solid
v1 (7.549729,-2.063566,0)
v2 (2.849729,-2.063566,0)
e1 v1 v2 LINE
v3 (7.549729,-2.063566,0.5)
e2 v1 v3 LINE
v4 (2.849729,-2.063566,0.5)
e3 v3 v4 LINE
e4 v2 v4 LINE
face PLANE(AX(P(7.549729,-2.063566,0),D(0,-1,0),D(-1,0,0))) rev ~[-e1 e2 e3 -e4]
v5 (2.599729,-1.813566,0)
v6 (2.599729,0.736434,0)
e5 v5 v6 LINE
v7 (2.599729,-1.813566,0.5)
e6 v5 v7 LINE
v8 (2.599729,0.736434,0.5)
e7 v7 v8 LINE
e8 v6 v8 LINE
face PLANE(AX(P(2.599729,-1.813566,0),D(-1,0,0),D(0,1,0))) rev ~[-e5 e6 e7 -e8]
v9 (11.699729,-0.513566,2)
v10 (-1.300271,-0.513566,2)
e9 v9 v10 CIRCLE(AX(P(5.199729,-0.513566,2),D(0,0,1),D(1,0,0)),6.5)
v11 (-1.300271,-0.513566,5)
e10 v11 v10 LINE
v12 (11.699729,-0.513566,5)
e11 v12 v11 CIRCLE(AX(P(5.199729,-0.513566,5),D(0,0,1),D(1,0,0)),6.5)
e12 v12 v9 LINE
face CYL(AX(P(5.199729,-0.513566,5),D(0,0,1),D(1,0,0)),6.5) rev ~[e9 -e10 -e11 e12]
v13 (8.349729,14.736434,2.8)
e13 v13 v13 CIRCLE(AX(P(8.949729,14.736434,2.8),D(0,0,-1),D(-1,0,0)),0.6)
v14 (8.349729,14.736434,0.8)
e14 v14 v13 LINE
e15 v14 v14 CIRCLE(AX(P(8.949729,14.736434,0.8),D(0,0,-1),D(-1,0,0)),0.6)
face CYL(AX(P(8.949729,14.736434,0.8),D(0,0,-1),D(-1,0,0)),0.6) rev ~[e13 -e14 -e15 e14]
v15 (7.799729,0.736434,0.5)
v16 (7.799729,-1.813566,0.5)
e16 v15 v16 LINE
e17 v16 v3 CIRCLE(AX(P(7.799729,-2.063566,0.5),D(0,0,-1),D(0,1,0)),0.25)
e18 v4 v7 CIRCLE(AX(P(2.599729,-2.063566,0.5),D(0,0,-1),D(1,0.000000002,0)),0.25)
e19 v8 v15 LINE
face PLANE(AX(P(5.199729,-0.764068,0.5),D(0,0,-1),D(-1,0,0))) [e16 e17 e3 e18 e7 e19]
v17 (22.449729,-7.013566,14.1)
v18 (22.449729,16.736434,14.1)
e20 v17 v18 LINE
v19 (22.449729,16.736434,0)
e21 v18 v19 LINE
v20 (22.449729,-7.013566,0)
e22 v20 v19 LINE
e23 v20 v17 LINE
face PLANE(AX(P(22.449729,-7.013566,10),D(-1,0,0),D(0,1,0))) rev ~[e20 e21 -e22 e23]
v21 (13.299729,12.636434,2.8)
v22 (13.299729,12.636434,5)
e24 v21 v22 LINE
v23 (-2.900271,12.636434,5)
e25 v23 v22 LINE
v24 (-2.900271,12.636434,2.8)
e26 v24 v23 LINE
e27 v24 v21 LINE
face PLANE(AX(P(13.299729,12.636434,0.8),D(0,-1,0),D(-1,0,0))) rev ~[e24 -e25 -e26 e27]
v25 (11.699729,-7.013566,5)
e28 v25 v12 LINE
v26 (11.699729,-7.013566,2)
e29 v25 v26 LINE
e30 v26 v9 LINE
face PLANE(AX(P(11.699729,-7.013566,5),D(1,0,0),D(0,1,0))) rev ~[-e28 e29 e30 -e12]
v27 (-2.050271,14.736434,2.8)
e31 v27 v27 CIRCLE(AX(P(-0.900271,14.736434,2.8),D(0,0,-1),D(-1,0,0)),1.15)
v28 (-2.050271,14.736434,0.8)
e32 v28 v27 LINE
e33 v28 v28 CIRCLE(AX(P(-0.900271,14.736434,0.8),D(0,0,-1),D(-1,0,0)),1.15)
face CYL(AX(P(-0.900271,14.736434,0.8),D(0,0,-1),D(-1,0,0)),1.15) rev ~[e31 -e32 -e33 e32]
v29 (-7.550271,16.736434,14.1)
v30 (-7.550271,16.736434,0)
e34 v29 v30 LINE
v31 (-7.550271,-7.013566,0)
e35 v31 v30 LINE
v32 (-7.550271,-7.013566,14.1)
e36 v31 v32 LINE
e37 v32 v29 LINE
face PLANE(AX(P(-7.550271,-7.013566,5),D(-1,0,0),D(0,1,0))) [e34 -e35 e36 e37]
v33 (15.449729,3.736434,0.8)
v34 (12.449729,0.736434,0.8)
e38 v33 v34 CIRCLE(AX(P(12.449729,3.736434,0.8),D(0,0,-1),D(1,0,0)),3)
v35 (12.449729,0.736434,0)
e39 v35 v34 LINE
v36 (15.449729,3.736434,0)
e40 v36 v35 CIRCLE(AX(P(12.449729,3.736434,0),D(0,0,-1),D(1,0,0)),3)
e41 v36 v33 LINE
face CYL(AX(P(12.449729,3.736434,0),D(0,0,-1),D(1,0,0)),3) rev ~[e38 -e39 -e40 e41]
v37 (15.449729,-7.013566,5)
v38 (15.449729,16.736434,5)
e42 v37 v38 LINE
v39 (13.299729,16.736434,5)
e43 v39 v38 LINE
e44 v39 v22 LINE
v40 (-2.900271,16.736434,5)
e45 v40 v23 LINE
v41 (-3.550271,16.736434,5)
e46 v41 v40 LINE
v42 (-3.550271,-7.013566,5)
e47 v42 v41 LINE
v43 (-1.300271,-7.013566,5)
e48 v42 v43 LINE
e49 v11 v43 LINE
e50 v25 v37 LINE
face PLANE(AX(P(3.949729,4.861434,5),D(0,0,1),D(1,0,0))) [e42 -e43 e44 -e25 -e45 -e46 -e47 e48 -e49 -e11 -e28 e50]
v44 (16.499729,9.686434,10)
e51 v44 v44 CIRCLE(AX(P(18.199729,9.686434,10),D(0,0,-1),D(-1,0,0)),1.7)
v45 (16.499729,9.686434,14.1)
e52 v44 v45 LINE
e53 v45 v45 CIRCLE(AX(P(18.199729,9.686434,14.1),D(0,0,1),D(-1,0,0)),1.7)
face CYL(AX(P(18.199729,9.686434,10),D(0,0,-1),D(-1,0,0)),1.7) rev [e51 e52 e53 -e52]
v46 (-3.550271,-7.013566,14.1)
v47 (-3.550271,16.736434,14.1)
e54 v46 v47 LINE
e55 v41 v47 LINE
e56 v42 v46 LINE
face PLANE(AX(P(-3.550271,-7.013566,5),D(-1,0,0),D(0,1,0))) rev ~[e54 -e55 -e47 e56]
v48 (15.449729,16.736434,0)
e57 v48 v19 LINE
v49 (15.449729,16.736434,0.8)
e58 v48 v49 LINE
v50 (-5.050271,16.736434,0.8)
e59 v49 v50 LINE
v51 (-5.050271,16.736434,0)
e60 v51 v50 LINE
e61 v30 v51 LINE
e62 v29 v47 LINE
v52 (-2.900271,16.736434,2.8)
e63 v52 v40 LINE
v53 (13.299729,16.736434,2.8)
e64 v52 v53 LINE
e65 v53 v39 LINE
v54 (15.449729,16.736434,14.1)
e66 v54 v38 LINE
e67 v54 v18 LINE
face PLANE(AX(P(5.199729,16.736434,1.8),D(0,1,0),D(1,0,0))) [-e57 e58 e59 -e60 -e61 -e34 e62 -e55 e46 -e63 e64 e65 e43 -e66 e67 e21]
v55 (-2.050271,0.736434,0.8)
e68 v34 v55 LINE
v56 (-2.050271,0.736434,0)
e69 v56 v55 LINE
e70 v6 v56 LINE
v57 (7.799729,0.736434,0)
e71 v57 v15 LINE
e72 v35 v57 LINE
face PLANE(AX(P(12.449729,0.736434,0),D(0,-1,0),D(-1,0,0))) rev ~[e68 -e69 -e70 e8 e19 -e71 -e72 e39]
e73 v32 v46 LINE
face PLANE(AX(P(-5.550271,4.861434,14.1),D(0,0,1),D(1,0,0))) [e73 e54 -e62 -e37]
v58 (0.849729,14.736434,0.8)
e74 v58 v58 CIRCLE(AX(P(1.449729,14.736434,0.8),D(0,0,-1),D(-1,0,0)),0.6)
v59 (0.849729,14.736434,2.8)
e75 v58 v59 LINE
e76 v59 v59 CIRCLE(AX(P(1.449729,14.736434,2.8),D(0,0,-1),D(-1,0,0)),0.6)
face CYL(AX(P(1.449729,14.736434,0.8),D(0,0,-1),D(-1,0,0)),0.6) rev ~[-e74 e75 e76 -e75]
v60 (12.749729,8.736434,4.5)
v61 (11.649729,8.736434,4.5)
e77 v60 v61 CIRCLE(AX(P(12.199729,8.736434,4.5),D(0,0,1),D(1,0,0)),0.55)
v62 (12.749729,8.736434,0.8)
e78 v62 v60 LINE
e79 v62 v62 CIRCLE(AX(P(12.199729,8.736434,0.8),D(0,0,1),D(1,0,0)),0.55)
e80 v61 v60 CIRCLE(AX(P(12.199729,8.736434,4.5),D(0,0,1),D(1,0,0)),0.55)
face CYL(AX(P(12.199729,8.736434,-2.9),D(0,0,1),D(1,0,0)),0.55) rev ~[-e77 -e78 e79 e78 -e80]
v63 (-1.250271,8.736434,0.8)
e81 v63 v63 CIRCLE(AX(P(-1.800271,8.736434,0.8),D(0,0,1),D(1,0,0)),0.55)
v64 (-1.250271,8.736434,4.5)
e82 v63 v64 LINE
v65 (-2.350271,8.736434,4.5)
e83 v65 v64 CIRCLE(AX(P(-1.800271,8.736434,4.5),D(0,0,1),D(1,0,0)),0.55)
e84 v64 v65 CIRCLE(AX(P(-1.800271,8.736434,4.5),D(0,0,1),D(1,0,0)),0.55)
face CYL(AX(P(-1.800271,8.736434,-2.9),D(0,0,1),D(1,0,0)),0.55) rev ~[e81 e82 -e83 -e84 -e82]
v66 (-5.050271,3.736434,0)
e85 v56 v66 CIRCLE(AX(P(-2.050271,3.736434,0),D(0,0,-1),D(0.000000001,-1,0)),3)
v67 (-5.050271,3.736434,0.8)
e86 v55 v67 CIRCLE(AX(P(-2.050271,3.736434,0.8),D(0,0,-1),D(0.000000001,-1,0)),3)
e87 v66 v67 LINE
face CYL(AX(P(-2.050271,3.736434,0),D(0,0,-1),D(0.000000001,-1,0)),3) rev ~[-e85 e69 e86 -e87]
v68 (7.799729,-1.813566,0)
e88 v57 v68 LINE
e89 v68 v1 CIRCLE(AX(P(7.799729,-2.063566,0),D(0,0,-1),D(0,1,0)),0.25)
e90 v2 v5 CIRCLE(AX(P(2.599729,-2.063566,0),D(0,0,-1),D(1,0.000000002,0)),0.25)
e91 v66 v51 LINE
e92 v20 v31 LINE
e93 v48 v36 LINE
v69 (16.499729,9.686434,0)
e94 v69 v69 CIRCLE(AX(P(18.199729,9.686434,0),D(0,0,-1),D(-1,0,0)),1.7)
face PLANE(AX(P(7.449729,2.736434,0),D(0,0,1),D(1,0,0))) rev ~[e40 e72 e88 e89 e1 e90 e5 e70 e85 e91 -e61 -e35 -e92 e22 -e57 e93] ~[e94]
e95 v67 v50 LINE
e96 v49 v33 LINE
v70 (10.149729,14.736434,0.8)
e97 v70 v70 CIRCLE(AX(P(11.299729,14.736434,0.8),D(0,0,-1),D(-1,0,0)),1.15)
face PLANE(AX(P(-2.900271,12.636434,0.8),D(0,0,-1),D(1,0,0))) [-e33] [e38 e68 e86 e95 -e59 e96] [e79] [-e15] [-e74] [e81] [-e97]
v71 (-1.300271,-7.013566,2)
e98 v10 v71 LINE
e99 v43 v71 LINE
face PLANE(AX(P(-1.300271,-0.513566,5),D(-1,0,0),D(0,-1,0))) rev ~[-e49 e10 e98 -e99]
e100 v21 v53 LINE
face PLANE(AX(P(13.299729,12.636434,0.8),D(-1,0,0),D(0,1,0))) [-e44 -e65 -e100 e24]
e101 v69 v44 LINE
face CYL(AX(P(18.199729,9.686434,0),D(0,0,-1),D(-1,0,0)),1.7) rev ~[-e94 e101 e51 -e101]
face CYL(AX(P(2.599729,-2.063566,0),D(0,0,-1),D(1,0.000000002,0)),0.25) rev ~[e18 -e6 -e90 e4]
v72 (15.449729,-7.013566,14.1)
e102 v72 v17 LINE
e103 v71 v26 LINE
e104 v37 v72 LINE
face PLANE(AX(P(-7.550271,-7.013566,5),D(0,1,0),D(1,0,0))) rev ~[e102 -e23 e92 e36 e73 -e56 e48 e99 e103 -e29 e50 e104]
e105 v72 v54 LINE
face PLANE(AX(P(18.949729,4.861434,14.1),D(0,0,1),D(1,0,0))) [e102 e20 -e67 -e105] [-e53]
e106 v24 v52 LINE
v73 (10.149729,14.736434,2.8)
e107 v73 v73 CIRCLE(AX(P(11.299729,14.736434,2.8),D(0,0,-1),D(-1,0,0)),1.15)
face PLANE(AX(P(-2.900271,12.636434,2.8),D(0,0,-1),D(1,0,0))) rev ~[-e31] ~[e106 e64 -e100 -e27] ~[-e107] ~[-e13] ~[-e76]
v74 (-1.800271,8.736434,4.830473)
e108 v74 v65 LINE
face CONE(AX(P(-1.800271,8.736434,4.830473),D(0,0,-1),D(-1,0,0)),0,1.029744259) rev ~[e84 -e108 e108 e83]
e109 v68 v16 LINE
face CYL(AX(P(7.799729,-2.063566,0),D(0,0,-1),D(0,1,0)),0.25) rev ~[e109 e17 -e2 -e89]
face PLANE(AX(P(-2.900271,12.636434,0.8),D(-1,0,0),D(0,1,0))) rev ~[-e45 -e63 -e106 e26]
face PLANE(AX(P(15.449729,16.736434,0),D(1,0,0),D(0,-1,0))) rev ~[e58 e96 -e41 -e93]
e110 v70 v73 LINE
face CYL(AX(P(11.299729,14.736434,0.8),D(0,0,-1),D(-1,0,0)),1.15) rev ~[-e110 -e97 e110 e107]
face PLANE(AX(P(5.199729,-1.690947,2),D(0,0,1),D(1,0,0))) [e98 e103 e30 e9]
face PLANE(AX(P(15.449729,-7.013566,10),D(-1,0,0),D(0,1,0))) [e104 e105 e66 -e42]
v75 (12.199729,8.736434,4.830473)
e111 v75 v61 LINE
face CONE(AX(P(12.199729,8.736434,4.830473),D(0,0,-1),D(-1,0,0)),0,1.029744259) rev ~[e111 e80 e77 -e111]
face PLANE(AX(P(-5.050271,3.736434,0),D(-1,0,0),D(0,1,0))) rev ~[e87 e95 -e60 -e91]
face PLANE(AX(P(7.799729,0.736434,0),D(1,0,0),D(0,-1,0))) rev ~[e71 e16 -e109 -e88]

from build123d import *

# Parameters (mm, degrees)
SKETCH_1_W           = 30
SKETCH_1_H           = 28
EXTRUDE_1_DEPTH      = 10
CUT_EXTRUDE_2_DEPTH  = 0.8
M1_4X0_3_2_D         = 1.1
M1_4X0_3_2_DEPTH     = 3.7
M1_4X0_3_2_TIP       = 0.33047334
CUT_EXTRUDE_4_DEPTH  = 0.5
SKETCH_12_W          = 30
SKETCH_12_H          = 4.25
CUT_EXTRUDE_5_DEPTH  = 10
SKETCH_13_R          = 1.7
CUT_EXTRUDE_6_DEPTH  = 10
SKETCH_14_W          = 23
SKETCH_14_H          = 23.75
CUT_EXTRUDE_7_DEPTH  = 5
CUT_EXTRUDE_9_DEPTH  = 3
SKETCH_20_W          = 7
SKETCH_20_H          = 23.75
SKETCH_20_R          = 1.7
EXTRUDE_3_DEPTH      = 4.1
SKETCH_23_W          = 4
SKETCH_23_H          = 23.75
EXTRUDE_4_DEPTH      = 9.1
SKETCH_24_W          = 16.2
SKETCH_24_H          = 4.1
CUT_EXTRUDE_10_DEPTH = 5
SKETCH_29_W          = 16.2
SKETCH_29_H          = 2
EXTRUDE_5_DEPTH      = 4.1
SKETCH_30_R          = 1.15
SKETCH_30_R_2        = 0.6
CUT_EXTRUDE_12_DEPTH = 5


with BuildPart() as part:
    # 草图1 → 凸台-拉伸1 (new body)
    with BuildSketch(Plane.XY):
        with Locations((7.449728974, 2.736434109)):
            Rectangle(SKETCH_1_W, SKETCH_1_H)
    extrude(amount=EXTRUDE_1_DEPTH)

    # 草图2 → 切除-拉伸2 (cut)
    with BuildSketch(Plane(origin=(0, 0, 0), x_dir=(-1, 0, 0), z_dir=(0, 0, -1))):
        with BuildLine():
            Line((5.050271026, 16.736434109), (-15.449728974, 16.736434109))
            Line((-15.449728974, 16.736434109), (-15.449728974, 3.736434109))
            ThreePointArc((-15.449728974, 3.736434109), (-14.571049317, 1.615113765), (-12.449728974, 0.736434109))
            Line((-12.449728974, 0.736434109), (2.050271026, 0.736434109))
            ThreePointArc((2.050271026, 0.736434109), (4.17159137, 1.615113765), (5.050271026, 3.736434109))
            Line((5.050271026, 3.736434109), (5.050271026, 16.736434109))
        make_face()
    extrude(amount=-CUT_EXTRUDE_2_DEPTH, mode=Mode.SUBTRACT)

    # M1.4x0.3 螺纹孔2
    with Locations(Plane(origin=(0, 0, 0.8), x_dir=(-1, 0, 0), z_dir=(0, 0, -1))):
        with Locations((-12.199728974, 8.736434109), (1.800271026, 8.736434109)):
            Hole(M1_4X0_3_2_D / 2, depth=M1_4X0_3_2_DEPTH)
            with Locations((0, 0, -(M1_4X0_3_2_DEPTH + M1_4X0_3_2_TIP / 2))):  # 118° drill point
                Cone(0, M1_4X0_3_2_D / 2, M1_4X0_3_2_TIP, mode=Mode.SUBTRACT)

    # 草图11 → 切除-拉伸4 (cut)
    with BuildSketch(Plane(origin=(0, 0, 0), x_dir=(-1, 0, 0), z_dir=(0, 0, -1))):
        with BuildLine():
            Line((-7.549728974, -2.063565891), (-2.849728974, -2.063565891))
            ThreePointArc((-2.849728974, -2.063565891), (-2.422952278, -2.240342587), (-2.599728974, -1.813565891))
            Line((-2.599728974, -1.813565891), (-2.599728974, 0.736434109))
            Line((-2.599728974, 0.736434109), (-7.799728974, 0.736434109))
            Line((-7.799728974, 0.736434109), (-7.799728974, -1.813565891))
            ThreePointArc((-7.799728974, -1.813565891), (-7.976505669, -2.240342587), (-7.549728974, -2.063565891))
        make_face()
    extrude(amount=-CUT_EXTRUDE_4_DEPTH, mode=Mode.SUBTRACT)

    # 草图12 → 切除-拉伸5 (cut)
    with BuildSketch(Plane(origin=(0, 0, 0), x_dir=(-1, 0, 0), z_dir=(0, 0, -1))):
        with Locations((-7.449728974, -9.138565891)):
            Rectangle(SKETCH_12_W, SKETCH_12_H)
    extrude(amount=-CUT_EXTRUDE_5_DEPTH, mode=Mode.SUBTRACT)

    # 草图13 → 切除-拉伸6 (cut)
    with BuildSketch(Plane(origin=(0, 0, 0), x_dir=(-1, 0, 0), z_dir=(0, 0, -1))):
        with Locations((-18.199728974, 9.686434109)):
            Circle(SKETCH_13_R)
    extrude(amount=-CUT_EXTRUDE_6_DEPTH, mode=Mode.SUBTRACT)

    # 草图14 → 切除-拉伸7 (cut)
    with BuildSketch(Plane.XY.offset(10)):
        with Locations((3.949728974, 4.861434109)):
            Rectangle(SKETCH_14_W, SKETCH_14_H)
    extrude(amount=-CUT_EXTRUDE_7_DEPTH, mode=Mode.SUBTRACT)

    # 草图16 → 切除-拉伸9 (cut)
    with BuildSketch(Plane.XY.offset(5)):
        with BuildLine():
            Line((-1.300271026, -7.013565891), (11.699728974, -7.013565891))
            Line((11.699728974, -7.013565891), (11.699728974, -0.513565891))
            ThreePointArc((11.699728974, -0.513565891), (5.199728974, 5.986434109), (-1.300271026, -0.513565891))
            Line((-1.300271026, -0.513565891), (-1.300271026, -7.013565891))
        make_face()
    extrude(amount=-CUT_EXTRUDE_9_DEPTH, mode=Mode.SUBTRACT)

    # 草图20 → 凸台-拉伸3 (add)
    with BuildSketch(Plane.XY.offset(10)):
        with Locations((18.949728974, 4.861434109)):
            Rectangle(SKETCH_20_W, SKETCH_20_H)
        with Locations(Location((18.199728974, 9.686434109, 0), (0, 0, 180))):
            Circle(SKETCH_20_R, mode=Mode.SUBTRACT)
    extrude(amount=EXTRUDE_3_DEPTH)

    # 草图23 → 凸台-拉伸4 (add)
    with BuildSketch(Plane.XY.offset(5)):
        with Locations((-5.550271026, 4.861434109)):
            Rectangle(SKETCH_23_W, SKETCH_23_H)
    extrude(amount=EXTRUDE_4_DEPTH)

    # 草图24 → 切除-拉伸10 (cut)
    with BuildSketch(Plane(origin=(0, 0, 0.8), x_dir=(-1, 0, 0), z_dir=(0, 0, -1))):
        with Locations((-5.199728974, 14.686434109)):
            Rectangle(SKETCH_24_W, SKETCH_24_H)
    extrude(amount=-CUT_EXTRUDE_10_DEPTH, mode=Mode.SUBTRACT)

    # 草图29 → 凸台-拉伸5 (add)
    with BuildSketch(Plane(origin=(0, 12.636434109, 0), x_dir=(1, 0, 0), z_dir=(0, 1, 0))):
        with Locations((5.199728974, -1.8)):
            Rectangle(SKETCH_29_W, SKETCH_29_H)
    extrude(amount=EXTRUDE_5_DEPTH)

    # 草图30 → 切除-拉伸12 (cut)
    with BuildSketch(Plane(origin=(0, 0, 0.8), x_dir=(-1, 0, 0), z_dir=(0, 0, -1))):
        with Locations((0.900271026, 14.736434109)):
            Circle(SKETCH_30_R)
        with Locations((-11.299728974, 14.736434109)):
            Circle(SKETCH_30_R)
        with Locations((-1.449728974, 14.736434109)):
            Circle(SKETCH_30_R_2)
        with Locations((-8.949728974, 14.736434109)):
            Circle(SKETCH_30_R_2)
    extrude(amount=-CUT_EXTRUDE_12_DEPTH, mode=Mode.SUBTRACT)


solid = part.part
